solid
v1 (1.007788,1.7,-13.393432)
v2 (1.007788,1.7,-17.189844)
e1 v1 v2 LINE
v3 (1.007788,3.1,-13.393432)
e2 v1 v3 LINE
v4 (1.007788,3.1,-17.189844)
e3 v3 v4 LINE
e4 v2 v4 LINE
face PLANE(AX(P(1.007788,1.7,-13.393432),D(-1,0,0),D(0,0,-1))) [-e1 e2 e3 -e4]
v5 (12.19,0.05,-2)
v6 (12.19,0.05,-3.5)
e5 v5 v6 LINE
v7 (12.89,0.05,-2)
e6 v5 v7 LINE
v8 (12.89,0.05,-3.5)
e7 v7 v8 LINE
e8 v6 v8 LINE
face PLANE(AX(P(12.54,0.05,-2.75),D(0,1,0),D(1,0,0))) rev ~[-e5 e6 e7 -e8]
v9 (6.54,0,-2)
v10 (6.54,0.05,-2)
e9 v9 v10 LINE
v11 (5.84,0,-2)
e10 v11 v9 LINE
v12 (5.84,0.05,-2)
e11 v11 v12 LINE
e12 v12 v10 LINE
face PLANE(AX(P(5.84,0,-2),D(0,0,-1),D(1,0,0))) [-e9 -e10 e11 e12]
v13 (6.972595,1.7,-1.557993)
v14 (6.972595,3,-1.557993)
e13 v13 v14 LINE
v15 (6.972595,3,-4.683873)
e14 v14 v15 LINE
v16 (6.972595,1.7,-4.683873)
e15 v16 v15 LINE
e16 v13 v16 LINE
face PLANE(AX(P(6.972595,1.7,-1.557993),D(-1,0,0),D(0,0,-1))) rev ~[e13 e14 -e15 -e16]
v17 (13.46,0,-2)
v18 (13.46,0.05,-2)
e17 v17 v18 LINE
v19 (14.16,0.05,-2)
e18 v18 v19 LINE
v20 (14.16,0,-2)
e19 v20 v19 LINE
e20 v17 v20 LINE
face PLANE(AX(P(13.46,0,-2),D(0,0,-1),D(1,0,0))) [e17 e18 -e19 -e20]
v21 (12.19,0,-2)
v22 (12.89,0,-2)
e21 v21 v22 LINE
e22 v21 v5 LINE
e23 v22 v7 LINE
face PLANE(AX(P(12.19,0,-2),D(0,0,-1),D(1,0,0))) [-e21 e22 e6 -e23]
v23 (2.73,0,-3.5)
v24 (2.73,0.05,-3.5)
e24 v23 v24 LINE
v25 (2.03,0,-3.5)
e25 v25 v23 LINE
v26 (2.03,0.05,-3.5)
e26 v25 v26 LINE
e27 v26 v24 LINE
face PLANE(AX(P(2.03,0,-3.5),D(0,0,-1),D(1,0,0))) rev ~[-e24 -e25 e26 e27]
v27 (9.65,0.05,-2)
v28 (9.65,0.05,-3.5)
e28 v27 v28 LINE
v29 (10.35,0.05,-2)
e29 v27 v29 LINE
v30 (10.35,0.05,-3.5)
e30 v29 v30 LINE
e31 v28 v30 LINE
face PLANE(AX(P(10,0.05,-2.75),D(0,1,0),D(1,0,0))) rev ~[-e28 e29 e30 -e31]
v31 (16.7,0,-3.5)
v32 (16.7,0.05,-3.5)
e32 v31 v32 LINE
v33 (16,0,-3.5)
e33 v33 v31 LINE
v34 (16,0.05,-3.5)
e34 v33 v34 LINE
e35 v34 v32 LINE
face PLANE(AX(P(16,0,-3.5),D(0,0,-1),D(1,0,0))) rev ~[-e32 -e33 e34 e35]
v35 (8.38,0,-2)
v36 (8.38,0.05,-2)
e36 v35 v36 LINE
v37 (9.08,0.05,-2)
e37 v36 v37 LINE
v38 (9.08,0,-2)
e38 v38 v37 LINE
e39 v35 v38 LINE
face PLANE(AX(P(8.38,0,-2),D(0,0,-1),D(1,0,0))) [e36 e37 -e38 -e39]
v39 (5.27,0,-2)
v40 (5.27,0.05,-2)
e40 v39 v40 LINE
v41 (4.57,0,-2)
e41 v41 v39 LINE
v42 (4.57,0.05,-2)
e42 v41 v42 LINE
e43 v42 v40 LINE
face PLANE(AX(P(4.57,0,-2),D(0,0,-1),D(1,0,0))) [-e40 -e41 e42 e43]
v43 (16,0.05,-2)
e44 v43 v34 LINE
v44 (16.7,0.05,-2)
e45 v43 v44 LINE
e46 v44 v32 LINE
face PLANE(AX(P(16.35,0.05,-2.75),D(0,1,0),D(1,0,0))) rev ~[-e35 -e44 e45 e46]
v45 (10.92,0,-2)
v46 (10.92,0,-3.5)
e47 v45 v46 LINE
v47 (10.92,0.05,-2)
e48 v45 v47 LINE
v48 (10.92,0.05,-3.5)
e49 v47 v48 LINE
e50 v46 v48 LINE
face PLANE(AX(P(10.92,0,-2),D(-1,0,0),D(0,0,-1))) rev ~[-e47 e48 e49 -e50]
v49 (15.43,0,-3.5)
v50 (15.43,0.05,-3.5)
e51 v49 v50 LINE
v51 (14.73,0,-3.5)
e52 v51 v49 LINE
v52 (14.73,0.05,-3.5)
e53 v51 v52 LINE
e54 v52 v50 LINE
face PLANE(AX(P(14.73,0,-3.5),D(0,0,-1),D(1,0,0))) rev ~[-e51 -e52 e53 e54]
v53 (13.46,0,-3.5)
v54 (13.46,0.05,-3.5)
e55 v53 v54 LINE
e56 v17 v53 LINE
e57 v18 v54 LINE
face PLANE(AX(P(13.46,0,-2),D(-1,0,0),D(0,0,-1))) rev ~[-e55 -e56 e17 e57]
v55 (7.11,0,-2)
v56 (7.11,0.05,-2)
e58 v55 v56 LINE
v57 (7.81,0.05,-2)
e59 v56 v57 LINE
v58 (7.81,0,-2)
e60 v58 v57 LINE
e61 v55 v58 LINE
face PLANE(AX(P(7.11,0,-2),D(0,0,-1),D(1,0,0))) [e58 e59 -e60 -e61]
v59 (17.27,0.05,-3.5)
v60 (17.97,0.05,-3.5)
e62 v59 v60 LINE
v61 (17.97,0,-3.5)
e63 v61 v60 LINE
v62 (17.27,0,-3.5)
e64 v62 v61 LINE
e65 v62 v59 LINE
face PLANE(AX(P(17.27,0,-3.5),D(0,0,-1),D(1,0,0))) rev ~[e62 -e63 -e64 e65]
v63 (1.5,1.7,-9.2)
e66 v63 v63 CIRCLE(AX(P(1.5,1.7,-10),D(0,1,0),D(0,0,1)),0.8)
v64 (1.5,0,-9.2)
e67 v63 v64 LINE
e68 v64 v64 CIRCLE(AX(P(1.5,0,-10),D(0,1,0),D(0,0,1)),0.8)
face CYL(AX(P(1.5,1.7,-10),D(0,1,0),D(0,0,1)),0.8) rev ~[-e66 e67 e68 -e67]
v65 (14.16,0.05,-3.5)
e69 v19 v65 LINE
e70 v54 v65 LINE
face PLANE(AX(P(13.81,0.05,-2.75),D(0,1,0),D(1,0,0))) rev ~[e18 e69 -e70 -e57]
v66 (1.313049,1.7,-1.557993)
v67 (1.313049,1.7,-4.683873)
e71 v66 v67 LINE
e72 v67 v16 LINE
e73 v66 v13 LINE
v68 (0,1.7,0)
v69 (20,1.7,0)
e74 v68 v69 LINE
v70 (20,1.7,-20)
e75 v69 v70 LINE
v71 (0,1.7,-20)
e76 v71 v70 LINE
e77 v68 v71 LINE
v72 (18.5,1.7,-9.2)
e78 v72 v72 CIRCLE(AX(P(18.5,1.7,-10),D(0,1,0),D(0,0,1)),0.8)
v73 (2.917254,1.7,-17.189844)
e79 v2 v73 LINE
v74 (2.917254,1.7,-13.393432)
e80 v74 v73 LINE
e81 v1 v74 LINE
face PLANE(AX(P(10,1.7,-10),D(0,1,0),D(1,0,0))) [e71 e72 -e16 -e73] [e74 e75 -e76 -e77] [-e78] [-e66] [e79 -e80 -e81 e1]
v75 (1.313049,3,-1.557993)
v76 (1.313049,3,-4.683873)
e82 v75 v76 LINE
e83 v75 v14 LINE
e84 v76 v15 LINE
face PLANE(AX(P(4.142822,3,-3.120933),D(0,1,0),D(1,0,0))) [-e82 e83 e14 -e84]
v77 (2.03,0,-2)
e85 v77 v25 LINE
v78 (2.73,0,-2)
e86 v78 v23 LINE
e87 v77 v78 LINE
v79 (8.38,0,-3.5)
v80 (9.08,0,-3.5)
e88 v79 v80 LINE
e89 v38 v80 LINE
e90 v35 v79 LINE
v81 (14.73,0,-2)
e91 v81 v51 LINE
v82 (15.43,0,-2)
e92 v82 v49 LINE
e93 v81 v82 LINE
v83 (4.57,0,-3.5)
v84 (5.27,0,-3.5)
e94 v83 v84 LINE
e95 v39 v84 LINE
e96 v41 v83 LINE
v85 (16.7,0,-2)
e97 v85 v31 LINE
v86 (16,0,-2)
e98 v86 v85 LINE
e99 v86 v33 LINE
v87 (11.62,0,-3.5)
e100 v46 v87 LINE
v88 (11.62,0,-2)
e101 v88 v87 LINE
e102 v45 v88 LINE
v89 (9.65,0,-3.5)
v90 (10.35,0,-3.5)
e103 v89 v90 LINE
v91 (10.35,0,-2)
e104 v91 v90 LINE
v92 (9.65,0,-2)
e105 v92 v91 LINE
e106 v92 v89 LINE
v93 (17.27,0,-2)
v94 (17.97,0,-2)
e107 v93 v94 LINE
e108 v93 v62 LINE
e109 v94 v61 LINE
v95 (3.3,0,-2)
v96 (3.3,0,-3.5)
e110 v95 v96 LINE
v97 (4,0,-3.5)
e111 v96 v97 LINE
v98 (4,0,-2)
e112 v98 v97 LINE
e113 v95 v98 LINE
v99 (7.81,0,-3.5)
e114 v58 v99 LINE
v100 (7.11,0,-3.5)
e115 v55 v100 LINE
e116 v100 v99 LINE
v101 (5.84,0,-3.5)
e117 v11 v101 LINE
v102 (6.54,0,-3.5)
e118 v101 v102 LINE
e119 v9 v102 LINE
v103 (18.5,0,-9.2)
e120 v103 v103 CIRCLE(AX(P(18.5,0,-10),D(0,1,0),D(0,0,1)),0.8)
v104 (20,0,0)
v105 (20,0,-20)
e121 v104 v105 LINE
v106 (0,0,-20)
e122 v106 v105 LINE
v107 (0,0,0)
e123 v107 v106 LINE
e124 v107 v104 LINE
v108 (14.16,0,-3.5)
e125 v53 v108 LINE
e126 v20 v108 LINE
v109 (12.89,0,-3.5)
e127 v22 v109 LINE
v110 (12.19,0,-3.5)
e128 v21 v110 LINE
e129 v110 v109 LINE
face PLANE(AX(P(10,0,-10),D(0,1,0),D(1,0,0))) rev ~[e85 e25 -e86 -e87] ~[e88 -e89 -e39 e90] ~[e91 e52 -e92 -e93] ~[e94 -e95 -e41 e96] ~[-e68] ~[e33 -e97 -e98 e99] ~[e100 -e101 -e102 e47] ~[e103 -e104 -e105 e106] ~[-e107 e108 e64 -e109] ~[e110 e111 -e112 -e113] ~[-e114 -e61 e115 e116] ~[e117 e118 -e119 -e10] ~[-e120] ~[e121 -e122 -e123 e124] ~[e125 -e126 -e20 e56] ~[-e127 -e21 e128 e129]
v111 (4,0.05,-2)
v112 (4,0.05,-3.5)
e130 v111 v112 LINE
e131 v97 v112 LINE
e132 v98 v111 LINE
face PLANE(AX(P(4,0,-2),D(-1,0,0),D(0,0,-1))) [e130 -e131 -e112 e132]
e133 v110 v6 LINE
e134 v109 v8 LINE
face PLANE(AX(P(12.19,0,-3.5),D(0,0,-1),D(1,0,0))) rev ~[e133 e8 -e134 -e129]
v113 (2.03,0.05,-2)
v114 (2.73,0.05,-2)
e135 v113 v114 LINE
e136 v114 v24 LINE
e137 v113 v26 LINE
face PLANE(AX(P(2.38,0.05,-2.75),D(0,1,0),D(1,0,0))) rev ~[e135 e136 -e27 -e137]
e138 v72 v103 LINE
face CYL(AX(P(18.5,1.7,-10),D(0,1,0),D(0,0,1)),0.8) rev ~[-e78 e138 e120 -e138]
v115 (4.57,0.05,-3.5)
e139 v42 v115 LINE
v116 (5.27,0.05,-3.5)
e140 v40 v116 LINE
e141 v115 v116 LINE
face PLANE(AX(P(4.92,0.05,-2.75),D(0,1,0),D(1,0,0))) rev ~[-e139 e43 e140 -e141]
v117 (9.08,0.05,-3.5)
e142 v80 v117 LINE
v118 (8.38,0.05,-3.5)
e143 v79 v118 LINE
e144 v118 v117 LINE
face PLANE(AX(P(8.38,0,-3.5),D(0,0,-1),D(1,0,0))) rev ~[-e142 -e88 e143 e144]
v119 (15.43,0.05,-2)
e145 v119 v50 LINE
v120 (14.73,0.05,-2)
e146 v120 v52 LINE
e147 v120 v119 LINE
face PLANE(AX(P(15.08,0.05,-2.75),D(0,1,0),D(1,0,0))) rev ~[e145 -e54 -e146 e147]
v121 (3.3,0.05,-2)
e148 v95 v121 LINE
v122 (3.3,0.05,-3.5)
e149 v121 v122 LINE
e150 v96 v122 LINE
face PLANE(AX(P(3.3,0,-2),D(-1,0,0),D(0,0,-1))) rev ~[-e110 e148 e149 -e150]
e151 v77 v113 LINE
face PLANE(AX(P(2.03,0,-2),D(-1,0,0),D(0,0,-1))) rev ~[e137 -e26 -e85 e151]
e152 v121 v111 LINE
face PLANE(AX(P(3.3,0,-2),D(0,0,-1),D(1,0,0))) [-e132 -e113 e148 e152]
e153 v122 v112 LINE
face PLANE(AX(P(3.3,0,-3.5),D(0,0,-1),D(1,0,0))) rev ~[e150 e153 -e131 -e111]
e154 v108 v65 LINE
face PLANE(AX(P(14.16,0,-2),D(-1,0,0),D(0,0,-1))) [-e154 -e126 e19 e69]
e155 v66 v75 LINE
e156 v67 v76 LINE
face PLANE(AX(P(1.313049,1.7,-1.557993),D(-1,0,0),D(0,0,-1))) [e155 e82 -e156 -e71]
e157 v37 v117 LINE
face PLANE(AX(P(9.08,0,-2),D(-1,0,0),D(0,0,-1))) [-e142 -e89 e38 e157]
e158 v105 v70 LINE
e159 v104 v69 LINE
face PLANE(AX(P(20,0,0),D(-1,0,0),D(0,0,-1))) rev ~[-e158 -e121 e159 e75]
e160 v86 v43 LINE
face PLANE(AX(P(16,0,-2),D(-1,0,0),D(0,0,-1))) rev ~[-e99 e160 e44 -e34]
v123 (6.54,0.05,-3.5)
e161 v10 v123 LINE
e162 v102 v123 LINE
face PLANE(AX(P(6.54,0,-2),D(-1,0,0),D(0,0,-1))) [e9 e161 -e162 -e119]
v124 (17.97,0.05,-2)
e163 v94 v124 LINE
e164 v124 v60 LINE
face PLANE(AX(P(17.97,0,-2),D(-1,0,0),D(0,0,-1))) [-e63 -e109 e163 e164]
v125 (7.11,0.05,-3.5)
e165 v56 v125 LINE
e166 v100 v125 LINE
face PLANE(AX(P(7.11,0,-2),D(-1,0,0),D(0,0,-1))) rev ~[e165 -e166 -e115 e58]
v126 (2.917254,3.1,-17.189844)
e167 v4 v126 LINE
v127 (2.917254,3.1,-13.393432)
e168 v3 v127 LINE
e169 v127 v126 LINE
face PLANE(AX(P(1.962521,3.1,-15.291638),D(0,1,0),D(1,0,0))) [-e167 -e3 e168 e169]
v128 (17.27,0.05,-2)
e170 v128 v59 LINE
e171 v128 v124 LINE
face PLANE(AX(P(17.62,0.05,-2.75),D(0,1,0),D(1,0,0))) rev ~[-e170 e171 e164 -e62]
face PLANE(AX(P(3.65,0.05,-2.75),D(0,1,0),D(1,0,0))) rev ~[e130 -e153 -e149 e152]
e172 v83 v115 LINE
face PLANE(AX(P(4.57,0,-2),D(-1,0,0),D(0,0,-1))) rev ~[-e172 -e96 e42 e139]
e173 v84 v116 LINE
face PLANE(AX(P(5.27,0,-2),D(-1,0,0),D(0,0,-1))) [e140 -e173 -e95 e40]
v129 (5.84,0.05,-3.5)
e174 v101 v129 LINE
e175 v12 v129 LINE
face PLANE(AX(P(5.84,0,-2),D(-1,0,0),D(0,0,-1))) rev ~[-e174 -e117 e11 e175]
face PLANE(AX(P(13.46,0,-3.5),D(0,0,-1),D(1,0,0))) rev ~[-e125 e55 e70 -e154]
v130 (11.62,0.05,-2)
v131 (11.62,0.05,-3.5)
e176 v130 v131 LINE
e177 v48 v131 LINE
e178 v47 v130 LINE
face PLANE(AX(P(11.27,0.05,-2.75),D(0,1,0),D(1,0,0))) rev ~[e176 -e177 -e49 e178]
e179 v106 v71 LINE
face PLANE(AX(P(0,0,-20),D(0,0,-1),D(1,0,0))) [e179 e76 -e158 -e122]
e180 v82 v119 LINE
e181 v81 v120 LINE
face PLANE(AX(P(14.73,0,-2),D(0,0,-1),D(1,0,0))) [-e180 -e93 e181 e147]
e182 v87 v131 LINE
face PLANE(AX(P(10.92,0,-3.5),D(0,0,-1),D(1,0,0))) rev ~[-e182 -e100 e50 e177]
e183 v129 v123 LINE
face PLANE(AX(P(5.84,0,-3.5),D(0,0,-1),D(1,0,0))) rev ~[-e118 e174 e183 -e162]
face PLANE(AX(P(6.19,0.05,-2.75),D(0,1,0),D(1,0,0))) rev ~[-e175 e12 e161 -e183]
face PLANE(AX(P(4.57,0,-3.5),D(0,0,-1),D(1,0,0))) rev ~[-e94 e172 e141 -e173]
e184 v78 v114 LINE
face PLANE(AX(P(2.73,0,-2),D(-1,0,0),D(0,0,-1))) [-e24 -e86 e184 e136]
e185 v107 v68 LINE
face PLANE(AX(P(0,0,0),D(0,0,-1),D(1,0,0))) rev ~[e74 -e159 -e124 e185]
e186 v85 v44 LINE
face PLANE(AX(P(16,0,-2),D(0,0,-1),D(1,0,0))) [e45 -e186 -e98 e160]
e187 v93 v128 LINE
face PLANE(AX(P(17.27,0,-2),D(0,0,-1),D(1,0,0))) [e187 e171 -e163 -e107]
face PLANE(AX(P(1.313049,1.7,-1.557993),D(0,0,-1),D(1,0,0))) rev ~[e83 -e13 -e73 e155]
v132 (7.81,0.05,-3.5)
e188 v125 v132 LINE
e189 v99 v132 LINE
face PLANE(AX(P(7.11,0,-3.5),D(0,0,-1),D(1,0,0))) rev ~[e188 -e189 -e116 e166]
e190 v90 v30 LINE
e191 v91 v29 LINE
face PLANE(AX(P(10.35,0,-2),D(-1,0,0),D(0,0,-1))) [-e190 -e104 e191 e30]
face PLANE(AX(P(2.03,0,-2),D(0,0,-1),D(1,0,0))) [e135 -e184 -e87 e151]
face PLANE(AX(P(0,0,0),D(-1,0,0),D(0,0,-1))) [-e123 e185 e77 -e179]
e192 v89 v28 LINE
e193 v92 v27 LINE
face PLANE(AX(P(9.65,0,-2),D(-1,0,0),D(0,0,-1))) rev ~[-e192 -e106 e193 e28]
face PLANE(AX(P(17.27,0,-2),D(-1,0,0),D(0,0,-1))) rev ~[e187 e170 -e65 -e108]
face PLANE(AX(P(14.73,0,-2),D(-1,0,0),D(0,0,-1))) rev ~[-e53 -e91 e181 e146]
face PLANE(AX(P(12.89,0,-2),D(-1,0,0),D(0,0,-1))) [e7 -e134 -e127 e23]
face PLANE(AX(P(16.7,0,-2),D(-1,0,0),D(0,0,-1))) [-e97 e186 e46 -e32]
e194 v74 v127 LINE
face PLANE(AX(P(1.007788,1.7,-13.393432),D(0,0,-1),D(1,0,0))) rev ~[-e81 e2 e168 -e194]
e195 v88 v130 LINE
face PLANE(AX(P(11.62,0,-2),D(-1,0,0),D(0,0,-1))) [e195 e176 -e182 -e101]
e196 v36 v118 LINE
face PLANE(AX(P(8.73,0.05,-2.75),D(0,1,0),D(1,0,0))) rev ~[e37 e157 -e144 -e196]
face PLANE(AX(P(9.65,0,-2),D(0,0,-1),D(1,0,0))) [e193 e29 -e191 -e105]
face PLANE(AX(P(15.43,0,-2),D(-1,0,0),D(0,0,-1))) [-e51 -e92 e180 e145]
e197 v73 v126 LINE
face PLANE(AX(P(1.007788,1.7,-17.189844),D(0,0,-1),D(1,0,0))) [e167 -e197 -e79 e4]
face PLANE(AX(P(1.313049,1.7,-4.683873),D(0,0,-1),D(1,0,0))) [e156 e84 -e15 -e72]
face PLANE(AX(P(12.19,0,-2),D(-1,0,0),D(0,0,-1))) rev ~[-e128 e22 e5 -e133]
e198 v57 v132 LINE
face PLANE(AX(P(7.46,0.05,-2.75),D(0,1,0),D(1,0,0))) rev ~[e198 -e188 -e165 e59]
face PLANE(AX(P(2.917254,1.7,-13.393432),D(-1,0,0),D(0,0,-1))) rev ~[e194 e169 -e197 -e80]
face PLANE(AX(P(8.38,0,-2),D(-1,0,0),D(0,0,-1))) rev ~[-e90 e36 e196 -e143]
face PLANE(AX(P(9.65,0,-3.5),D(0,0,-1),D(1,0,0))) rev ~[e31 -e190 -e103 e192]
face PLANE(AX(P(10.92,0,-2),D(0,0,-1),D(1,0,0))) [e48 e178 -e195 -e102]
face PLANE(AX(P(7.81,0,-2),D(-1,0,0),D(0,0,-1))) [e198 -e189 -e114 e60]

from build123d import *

# Parameters (mm, degrees)
SKETCH_1_W          = 20
SKETCH_1_H          = 20
EXTRUDE_1_DEPTH     = 1.7
SKETCH_2_W          = 0.7
SKETCH_2_H          = 1.5
CUT_EXTRUDE_1_DEPTH = 0.05
SKETCH_3_R          = 0.8
CUT_EXTRUDE_2_DEPTH = 29.335313656
SKETCH_6_W          = 5.659546013
SKETCH_6_H          = 3.125880025
EXTRUDE_4_DEPTH     = 1.3
SKETCH_7_W          = 1.909465354
SKETCH_7_H          = 3.796411433
EXTRUDE_5_DEPTH     = 1.4


with BuildPart() as part:
    # 스케치1 → 보스-돌출1 (new body)
    with BuildSketch(Plane(origin=(0, 0, 0), x_dir=(1, 0, 0), z_dir=(0, 1, 0))):
        with Locations((10, 10)):
            Rectangle(SKETCH_1_W, SKETCH_1_H)
    extrude(amount=EXTRUDE_1_DEPTH)

    # 스케치2 → 컷-돌출1 (cut)
    with BuildSketch(Plane(origin=(0, 0, 0), x_dir=(1, 0, 0), z_dir=(0, 1, 0))):
        with Locations((2.38, 2.75)):
            Rectangle(SKETCH_2_W, SKETCH_2_H)
        with Locations((3.65, 2.75)):
            Rectangle(SKETCH_2_W, SKETCH_2_H)
        with Locations((4.92, 2.75)):
            Rectangle(SKETCH_2_W, SKETCH_2_H)
        with Locations((6.19, 2.75)):
            Rectangle(SKETCH_2_W, SKETCH_2_H)
        with Locations((7.46, 2.75)):
            Rectangle(SKETCH_2_W, SKETCH_2_H)
        with Locations((8.73, 2.75)):
            Rectangle(SKETCH_2_W, SKETCH_2_H)
        with Locations((10, 2.75)):
            Rectangle(SKETCH_2_W, SKETCH_2_H)
        with Locations((11.27, 2.75)):
            Rectangle(SKETCH_2_W, SKETCH_2_H)
        with Locations((12.54, 2.75)):
            Rectangle(SKETCH_2_W, SKETCH_2_H)
        with Locations((13.81, 2.75)):
            Rectangle(SKETCH_2_W, SKETCH_2_H)
        with Locations((15.08, 2.75)):
            Rectangle(SKETCH_2_W, SKETCH_2_H)
        with Locations((16.35, 2.75)):
            Rectangle(SKETCH_2_W, SKETCH_2_H)
        with Locations((17.62, 2.75)):
            Rectangle(SKETCH_2_W, SKETCH_2_H)
    extrude(amount=CUT_EXTRUDE_1_DEPTH, mode=Mode.SUBTRACT)

    # 스케치3 → 컷-돌출2 (cut, through all)
    with BuildSketch(Plane(origin=(0, 1.7, 0), x_dir=(1, 0, 0), z_dir=(0, 1, 0))):
        with Locations(Location((1.5, 10, 0), (0, 0, 270))):
            Circle(SKETCH_3_R)
        with Locations(Location((18.5, 10, 0), (0, 0, 270))):
            Circle(SKETCH_3_R)
    extrude(amount=-CUT_EXTRUDE_2_DEPTH, mode=Mode.SUBTRACT)

    # 스케치6 → 보스-돌출4 (add)
    with BuildSketch(Plane(origin=(0, 1.7, 0), x_dir=(1, 0, 0), z_dir=(0, 1, 0))):
        with Locations((4.142822267, 3.120933029)):
            Rectangle(SKETCH_6_W, SKETCH_6_H)
    extrude(amount=EXTRUDE_4_DEPTH)

    # 스케치7 → 보스-돌출5 (add)
    with BuildSketch(Plane(origin=(0, 1.7, 0), x_dir=(1, 0, 0), z_dir=(0, 1, 0))):
        with Locations((1.96252084, 15.291638164)):
            Rectangle(SKETCH_7_W, SKETCH_7_H)
    extrude(amount=EXTRUDE_5_DEPTH)


solid = part.part
